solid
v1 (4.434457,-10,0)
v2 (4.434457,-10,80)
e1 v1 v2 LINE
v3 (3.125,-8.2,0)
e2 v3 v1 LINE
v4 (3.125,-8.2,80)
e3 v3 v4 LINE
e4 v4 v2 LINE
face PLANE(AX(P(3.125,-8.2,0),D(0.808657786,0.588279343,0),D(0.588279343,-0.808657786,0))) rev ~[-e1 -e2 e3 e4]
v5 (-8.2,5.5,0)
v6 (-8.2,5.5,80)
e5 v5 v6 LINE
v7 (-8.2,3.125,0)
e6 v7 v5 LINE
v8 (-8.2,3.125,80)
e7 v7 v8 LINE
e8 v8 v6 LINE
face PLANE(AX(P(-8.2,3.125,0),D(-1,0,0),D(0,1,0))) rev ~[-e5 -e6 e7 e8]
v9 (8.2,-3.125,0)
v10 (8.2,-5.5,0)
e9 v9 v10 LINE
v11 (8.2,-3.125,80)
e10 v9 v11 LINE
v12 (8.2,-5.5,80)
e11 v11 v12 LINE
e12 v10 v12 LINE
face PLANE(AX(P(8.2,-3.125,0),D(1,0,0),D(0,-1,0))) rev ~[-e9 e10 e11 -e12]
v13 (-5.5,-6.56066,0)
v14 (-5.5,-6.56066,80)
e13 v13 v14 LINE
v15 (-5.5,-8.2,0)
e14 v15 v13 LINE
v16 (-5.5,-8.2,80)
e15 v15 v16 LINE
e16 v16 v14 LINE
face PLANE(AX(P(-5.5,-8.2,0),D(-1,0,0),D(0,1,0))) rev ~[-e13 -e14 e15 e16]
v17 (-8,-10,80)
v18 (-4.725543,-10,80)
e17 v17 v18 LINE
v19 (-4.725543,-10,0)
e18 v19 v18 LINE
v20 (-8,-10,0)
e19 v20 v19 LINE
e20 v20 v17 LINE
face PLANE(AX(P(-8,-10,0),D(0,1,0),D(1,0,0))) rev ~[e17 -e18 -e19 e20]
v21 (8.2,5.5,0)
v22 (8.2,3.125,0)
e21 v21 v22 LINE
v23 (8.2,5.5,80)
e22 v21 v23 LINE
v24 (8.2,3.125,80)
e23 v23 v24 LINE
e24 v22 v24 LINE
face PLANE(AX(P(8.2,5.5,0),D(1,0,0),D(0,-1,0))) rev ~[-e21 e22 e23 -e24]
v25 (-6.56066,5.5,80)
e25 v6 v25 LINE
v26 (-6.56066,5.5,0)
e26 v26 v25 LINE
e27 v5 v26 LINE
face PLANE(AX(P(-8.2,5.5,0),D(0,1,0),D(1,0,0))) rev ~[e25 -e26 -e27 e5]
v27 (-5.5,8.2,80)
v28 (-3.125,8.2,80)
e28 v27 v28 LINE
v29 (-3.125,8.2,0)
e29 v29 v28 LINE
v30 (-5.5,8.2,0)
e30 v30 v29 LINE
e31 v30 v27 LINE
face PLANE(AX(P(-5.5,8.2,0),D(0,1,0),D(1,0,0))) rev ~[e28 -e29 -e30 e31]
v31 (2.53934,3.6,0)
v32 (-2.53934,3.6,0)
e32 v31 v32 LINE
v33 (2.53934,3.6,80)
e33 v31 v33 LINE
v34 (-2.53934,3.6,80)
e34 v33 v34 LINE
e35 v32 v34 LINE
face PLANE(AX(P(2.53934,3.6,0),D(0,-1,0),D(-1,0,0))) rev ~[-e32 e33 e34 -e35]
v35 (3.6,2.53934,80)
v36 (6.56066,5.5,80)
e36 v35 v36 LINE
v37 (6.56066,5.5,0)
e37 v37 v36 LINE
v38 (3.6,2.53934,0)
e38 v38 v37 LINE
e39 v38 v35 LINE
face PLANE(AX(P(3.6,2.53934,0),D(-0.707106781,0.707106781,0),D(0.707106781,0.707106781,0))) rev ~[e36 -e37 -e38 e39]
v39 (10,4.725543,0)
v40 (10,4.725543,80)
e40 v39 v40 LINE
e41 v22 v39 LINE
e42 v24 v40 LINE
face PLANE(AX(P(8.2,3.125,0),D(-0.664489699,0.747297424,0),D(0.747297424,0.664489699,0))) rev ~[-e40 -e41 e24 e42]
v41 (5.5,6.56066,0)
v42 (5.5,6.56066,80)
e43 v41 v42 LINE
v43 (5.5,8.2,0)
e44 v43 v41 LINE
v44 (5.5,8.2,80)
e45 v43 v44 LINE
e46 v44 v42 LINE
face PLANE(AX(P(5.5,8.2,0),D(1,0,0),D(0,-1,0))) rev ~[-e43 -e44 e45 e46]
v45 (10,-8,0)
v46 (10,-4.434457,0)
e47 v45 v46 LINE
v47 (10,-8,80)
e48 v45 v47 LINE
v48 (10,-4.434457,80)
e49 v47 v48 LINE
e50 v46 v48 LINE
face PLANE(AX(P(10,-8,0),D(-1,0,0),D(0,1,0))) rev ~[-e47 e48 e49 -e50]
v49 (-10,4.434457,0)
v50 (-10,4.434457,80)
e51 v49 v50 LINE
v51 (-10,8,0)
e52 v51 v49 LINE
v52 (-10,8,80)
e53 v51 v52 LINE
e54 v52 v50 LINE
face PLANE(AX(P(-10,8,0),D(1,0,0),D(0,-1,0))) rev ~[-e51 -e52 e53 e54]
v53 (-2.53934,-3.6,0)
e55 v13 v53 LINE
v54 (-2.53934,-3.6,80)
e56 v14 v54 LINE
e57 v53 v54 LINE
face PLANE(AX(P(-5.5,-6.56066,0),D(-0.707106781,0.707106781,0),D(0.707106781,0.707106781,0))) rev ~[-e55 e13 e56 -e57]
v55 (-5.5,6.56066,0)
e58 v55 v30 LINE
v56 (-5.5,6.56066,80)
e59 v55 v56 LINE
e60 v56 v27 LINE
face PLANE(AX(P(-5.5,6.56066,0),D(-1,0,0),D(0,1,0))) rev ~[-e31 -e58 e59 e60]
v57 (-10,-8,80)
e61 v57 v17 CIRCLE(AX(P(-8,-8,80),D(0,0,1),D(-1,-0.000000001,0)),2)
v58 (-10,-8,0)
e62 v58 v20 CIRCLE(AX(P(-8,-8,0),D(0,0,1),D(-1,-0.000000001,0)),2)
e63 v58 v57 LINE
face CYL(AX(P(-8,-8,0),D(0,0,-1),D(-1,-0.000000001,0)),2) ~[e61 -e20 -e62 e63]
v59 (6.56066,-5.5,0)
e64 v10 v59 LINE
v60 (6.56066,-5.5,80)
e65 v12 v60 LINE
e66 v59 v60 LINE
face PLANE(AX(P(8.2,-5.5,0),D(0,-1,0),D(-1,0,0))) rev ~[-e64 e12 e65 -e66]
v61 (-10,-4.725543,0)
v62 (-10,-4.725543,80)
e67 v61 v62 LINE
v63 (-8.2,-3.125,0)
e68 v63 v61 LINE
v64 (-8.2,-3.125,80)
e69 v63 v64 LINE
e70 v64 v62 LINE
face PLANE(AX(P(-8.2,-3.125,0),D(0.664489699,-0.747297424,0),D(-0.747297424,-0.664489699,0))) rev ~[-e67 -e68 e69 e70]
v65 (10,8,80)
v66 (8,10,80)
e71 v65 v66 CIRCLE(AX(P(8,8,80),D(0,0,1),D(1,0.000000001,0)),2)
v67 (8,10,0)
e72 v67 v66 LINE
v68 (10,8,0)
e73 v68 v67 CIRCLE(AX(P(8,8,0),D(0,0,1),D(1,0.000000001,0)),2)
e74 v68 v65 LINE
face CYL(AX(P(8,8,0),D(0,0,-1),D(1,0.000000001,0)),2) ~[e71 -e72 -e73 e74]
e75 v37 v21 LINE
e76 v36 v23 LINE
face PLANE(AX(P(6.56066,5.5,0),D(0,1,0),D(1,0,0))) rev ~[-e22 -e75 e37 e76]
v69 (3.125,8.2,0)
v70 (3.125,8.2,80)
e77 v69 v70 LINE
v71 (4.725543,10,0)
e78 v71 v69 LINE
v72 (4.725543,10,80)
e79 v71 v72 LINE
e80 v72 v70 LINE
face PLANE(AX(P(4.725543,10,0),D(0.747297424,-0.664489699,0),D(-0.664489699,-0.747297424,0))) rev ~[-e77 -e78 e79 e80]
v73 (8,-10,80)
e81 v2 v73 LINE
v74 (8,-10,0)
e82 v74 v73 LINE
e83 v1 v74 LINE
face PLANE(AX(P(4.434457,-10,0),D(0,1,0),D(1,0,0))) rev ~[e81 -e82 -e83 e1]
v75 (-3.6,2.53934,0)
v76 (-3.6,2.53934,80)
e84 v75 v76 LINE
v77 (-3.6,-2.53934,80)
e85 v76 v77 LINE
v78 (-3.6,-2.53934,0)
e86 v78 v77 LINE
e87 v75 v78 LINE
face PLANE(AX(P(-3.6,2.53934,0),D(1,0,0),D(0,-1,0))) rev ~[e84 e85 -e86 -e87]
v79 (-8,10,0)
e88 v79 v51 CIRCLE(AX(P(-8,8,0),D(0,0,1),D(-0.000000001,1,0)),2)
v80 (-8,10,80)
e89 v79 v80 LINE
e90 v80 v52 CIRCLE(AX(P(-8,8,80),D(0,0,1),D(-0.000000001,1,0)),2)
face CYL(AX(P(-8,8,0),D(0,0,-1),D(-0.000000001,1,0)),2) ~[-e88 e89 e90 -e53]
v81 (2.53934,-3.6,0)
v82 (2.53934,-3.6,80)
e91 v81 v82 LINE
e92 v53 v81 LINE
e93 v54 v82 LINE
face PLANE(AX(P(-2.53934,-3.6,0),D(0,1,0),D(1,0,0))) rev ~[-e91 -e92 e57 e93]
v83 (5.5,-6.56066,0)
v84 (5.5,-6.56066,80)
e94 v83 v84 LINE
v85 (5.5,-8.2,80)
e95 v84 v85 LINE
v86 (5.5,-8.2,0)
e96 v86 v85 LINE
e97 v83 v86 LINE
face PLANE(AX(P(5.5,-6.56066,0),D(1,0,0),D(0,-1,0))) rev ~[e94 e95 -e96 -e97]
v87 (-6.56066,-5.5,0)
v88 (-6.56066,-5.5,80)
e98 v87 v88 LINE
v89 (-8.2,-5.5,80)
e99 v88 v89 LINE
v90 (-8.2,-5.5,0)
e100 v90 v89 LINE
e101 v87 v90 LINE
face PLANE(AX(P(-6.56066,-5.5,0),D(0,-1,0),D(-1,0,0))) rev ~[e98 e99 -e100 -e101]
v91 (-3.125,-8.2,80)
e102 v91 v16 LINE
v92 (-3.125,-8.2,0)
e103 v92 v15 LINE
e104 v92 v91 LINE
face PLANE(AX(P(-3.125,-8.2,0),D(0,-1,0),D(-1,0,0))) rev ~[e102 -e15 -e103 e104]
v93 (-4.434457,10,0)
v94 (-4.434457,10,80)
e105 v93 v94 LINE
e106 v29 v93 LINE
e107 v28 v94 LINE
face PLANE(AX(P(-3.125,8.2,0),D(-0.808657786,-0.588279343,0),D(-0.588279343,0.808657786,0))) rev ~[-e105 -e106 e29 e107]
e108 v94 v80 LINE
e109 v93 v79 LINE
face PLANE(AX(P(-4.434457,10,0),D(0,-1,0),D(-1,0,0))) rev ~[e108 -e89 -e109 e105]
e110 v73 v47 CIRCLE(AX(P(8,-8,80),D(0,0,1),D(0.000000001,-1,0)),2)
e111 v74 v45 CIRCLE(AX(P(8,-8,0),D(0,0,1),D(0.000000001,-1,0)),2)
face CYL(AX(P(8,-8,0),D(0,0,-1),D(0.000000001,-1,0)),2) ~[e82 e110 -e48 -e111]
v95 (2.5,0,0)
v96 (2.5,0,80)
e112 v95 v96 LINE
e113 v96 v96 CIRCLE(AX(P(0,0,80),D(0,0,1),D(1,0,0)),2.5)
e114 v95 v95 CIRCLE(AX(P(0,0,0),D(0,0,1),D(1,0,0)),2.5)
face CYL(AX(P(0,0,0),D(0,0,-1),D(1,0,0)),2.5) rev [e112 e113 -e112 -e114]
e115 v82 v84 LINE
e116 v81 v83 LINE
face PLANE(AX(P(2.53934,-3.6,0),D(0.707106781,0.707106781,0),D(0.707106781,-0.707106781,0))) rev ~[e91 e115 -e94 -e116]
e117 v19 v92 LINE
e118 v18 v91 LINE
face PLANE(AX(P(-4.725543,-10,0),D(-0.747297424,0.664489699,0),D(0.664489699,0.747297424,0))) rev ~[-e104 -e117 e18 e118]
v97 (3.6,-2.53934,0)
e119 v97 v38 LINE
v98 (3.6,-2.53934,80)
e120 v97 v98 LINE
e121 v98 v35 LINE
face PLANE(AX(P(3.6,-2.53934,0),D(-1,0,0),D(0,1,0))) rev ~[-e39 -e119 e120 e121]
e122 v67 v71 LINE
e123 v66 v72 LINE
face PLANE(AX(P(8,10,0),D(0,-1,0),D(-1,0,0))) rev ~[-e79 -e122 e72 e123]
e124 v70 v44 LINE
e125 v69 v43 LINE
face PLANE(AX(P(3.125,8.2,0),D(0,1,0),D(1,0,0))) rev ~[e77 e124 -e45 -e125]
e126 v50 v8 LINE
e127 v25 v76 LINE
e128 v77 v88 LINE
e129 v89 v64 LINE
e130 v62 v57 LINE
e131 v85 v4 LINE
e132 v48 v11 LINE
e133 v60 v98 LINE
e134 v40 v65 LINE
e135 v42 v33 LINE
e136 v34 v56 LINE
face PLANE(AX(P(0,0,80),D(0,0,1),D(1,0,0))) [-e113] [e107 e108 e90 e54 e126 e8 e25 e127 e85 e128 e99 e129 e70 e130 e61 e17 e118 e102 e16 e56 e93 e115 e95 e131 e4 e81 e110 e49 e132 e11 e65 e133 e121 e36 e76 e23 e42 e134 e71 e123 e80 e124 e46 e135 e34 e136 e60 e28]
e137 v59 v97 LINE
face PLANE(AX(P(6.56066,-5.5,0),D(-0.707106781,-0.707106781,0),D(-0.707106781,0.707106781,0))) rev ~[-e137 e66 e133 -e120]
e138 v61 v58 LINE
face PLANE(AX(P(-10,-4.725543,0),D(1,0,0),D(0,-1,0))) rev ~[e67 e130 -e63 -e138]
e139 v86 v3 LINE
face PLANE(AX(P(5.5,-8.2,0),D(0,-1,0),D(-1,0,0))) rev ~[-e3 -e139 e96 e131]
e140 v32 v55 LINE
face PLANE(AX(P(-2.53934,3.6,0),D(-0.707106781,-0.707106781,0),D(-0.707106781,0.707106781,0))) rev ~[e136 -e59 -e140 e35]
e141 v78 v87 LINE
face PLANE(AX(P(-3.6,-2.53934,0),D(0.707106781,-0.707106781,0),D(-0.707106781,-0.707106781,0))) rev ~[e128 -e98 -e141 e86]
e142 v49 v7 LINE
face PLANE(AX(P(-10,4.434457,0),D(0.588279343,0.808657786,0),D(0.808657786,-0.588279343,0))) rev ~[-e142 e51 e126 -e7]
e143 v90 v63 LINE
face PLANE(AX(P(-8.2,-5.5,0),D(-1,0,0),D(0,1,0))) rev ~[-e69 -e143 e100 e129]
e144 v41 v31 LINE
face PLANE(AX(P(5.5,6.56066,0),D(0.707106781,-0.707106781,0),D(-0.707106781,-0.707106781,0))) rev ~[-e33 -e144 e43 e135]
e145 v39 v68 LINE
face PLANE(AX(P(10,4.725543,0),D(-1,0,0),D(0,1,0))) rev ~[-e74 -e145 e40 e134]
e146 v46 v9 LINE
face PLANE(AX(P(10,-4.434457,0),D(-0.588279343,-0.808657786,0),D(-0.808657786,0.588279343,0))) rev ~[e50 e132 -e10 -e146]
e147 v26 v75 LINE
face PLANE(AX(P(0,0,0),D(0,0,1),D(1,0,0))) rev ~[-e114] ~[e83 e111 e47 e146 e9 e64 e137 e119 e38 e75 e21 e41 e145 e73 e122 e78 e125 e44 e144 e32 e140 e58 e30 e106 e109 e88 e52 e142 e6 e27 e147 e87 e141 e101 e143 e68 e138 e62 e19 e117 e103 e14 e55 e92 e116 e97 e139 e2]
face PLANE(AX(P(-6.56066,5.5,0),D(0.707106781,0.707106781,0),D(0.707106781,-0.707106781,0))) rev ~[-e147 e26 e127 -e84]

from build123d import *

# Parameters (mm, degrees)
SKETCH1_R           = 2.5
BOSS_EXTRUDE1_DEPTH = 80


with BuildPart() as part:
    # Sketch1 → Boss-Extrude1 (new body)
    with BuildSketch(Plane.XY):
        with BuildLine():
            Line((-4.725542729, -10), (-3.125, -8.2))
            Line((-3.125, -8.2), (-5.5, -8.2))
            Line((-5.5, -8.2), (-5.5, -6.560660172))
            Line((-5.5, -6.560660172), (-2.539339828, -3.6))
            Line((-2.539339828, -3.6), (2.539339828, -3.6))
            Line((2.539339828, -3.6), (5.5, -6.560660172))
            Line((5.5, -6.560660172), (5.5, -8.2))
            Line((5.5, -8.2), (3.125, -8.2))
            Line((3.125, -8.2), (4.434457271, -10))
            Line((4.434457271, -10), (8, -10))
            ThreePointArc((8, -10), (9.414213562, -9.414213562), (10, -8))
            Line((10, -8), (10, -4.434457271))
            Line((10, -4.434457271), (8.2, -3.125))
            Line((8.2, -3.125), (8.2, -5.5))
            Line((8.2, -5.5), (6.560660172, -5.5))
            Line((6.560660172, -5.5), (3.6, -2.539339828))
            Line((3.6, -2.539339828), (3.6, 2.539339828))
            Line((3.6, 2.539339828), (6.560660172, 5.5))
            Line((6.560660172, 5.5), (8.2, 5.5))
            Line((8.2, 5.5), (8.2, 3.125))
            Line((8.2, 3.125), (10, 4.725542729))
            Line((10, 4.725542729), (10, 8))
            ThreePointArc((10, 8), (9.414213562, 9.414213562), (8, 10))
            Line((8, 10), (4.725542729, 10))
            Line((4.725542729, 10), (3.125, 8.2))
            Line((3.125, 8.2), (5.5, 8.2))
            Line((5.5, 8.2), (5.5, 6.560660172))
            Line((5.5, 6.560660172), (2.539339828, 3.6))
            Line((2.539339828, 3.6), (-2.539339828, 3.6))
            Line((-2.539339828, 3.6), (-5.5, 6.560660172))
            Line((-5.5, 6.560660172), (-5.5, 8.2))
            Line((-5.5, 8.2), (-3.125, 8.2))
            Line((-3.125, 8.2), (-4.434457271, 10))
            Line((-4.434457271, 10), (-8, 10))
            ThreePointArc((-8, 10), (-9.414213562, 9.414213562), (-10, 8))
            Line((-10, 8), (-10, 4.434457271))
            Line((-10, 4.434457271), (-8.2, 3.125))
            Line((-8.2, 3.125), (-8.2, 5.5))
            Line((-8.2, 5.5), (-6.560660172, 5.5))
            Line((-6.560660172, 5.5), (-3.6, 2.539339828))
            Line((-3.6, 2.539339828), (-3.6, -2.539339828))
            Line((-3.6, -2.539339828), (-6.560660172, -5.5))
            Line((-6.560660172, -5.5), (-8.2, -5.5))
            Line((-8.2, -5.5), (-8.2, -3.125))
            Line((-8.2, -3.125), (-10, -4.725542729))
            Line((-10, -4.725542729), (-10, -8))
            ThreePointArc((-10, -8), (-9.414213562, -9.414213562), (-8, -10))
            Line((-8, -10), (-4.725542729, -10))
        make_face()
        Circle(SKETCH1_R, mode=Mode.SUBTRACT)
    extrude(amount=BOSS_EXTRUDE1_DEPTH)


solid = part.part
